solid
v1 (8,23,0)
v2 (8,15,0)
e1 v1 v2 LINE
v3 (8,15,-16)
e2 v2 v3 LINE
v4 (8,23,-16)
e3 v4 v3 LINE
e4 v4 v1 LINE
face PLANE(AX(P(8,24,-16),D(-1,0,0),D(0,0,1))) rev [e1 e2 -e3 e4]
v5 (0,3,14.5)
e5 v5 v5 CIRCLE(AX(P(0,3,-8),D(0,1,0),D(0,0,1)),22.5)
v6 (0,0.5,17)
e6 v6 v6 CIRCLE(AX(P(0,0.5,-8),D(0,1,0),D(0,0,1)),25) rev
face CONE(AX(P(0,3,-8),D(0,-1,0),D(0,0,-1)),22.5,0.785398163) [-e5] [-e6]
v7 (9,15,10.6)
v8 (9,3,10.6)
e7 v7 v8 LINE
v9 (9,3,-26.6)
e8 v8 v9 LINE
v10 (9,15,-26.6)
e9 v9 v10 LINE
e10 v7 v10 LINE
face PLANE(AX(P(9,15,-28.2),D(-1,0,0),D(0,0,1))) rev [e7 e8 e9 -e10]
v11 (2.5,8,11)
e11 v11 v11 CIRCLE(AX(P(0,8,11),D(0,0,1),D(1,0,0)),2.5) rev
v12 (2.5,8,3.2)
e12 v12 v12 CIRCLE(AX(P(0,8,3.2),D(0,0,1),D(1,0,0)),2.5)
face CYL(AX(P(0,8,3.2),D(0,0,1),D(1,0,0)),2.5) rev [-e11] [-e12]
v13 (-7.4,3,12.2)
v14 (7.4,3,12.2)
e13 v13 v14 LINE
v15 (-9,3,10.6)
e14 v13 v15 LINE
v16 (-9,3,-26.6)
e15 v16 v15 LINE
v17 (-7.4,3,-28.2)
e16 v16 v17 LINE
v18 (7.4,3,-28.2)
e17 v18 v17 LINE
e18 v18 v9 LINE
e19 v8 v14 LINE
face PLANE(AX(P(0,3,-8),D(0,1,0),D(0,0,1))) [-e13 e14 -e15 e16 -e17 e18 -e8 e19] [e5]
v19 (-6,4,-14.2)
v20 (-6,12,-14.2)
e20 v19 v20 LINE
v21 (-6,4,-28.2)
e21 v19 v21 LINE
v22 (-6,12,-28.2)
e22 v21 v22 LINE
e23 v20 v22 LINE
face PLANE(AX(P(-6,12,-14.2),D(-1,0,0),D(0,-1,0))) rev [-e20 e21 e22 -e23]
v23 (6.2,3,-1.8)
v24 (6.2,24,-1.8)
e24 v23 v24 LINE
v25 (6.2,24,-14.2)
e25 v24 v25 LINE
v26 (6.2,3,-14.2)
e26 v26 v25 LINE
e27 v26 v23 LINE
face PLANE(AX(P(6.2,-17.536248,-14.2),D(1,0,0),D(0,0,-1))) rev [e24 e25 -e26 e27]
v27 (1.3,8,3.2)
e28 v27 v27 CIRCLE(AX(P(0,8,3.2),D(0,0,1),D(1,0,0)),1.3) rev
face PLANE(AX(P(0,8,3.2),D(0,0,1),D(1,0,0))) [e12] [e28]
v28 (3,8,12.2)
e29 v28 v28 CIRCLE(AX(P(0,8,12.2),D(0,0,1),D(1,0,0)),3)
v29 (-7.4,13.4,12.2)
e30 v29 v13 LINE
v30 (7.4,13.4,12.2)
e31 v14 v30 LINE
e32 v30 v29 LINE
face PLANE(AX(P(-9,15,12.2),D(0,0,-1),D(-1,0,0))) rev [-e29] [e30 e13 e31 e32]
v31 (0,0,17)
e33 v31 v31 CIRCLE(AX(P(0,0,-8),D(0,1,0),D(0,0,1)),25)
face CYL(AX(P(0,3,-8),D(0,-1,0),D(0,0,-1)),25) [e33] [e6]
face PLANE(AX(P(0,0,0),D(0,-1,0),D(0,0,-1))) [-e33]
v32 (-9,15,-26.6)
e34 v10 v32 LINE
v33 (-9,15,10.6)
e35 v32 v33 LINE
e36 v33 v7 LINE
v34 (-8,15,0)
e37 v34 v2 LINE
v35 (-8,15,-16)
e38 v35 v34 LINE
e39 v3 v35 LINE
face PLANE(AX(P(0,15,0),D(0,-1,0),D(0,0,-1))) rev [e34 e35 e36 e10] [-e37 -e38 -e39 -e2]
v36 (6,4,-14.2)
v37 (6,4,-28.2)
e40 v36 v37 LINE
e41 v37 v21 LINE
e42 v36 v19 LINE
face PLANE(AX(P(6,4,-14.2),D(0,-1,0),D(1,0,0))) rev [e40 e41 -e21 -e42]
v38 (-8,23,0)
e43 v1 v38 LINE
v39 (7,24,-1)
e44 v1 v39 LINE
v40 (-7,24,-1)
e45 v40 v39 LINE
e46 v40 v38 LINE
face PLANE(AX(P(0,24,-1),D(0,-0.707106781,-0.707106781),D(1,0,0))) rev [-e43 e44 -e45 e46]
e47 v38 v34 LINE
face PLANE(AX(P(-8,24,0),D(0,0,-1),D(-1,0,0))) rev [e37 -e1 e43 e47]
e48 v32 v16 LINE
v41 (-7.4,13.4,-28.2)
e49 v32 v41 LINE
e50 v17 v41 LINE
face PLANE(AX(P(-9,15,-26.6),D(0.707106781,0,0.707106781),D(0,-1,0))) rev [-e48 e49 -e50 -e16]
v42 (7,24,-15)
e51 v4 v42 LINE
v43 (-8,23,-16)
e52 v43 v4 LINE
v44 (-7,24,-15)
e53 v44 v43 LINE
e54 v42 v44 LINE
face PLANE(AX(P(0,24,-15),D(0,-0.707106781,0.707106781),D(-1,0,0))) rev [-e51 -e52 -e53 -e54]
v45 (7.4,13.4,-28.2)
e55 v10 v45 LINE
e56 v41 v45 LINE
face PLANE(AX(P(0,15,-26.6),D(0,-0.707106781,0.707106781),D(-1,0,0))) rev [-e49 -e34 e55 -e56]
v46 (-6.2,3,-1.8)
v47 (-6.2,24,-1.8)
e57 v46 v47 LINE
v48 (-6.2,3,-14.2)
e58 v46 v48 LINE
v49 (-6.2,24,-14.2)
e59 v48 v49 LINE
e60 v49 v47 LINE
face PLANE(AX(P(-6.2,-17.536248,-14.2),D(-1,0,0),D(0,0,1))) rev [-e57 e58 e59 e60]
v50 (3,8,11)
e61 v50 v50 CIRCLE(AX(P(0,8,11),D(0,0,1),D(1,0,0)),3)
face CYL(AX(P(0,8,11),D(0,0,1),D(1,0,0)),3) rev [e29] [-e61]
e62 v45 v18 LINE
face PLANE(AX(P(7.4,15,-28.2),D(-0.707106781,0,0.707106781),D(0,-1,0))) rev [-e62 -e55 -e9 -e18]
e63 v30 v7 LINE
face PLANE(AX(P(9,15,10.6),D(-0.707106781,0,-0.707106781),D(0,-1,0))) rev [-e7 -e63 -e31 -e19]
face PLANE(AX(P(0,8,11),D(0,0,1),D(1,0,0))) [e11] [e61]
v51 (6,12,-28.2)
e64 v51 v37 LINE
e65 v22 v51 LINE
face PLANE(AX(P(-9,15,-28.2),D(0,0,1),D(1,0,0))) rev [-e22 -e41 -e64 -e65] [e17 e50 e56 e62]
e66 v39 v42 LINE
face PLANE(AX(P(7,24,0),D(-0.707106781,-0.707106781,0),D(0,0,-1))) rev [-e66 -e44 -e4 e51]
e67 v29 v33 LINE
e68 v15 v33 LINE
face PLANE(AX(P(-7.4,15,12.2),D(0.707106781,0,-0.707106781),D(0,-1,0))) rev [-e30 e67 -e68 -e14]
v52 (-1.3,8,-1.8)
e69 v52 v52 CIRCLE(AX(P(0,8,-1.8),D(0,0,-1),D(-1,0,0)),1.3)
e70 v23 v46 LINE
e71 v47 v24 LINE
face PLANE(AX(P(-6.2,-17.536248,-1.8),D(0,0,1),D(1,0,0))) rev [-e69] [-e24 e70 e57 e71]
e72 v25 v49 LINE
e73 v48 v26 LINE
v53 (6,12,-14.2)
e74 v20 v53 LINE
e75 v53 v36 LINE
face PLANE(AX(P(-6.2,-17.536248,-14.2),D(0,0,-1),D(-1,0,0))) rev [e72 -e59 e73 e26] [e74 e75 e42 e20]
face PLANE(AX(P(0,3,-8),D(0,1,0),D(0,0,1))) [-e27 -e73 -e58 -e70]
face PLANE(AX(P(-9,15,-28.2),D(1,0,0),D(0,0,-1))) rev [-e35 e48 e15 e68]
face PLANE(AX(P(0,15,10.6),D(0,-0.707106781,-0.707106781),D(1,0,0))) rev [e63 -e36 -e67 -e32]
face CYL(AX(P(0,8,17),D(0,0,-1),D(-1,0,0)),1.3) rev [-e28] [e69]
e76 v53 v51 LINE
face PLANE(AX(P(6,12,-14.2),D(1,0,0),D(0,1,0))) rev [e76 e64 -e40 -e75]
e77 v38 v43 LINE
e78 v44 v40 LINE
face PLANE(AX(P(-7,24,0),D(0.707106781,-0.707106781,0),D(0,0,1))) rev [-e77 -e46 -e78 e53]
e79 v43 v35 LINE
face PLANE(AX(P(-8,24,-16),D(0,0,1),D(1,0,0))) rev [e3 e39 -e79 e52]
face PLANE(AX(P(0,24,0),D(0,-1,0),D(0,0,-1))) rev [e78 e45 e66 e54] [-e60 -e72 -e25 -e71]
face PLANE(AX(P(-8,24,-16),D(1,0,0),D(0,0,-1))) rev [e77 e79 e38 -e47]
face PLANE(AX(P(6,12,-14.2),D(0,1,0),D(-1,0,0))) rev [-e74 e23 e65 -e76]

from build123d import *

# Parameters (mm, degrees)
SKETCH1_W           = 16
SKETCH1_H           = 16
BOSS_EXTRUDE1_DEPTH = 24
SKETCH12_W          = 12.4
SKETCH12_H          = 12.4
CUT_EXTRUDE6_DEPTH  = 22
SKETCH13_R          = 25
BOSS_EXTRUDE2_DEPTH = 3
CHAMFER1_SIZE       = 2.5
SKETCH14_W          = 18
SKETCH14_H          = 40.4
SKETCH14_W_2        = 16
SKETCH14_H_2        = 16
BOSS_EXTRUDE3_DEPTH = 12
CHAMFER2_SIZE       = 1.6
CHAMFER5_SIZE       = 1
SKETCH16_W          = 12
SKETCH16_H          = 8
CUT_EXTRUDE8_DEPTH  = 14
SKETCH15_R          = 1.3
CUT_EXTRUDE7_DEPTH  = 19.8
SKETCH17_R          = 2.5
CUT_EXTRUDE9_DEPTH  = 9
SKETCH19_R          = 3
CUT_EXTRUDE10_DEPTH = 1.2


with BuildPart() as part:
    # Sketch1 → Boss-Extrude1 (new body)
    with BuildSketch(Plane(origin=(0, 0, 0), x_dir=(1, 0, 0), z_dir=(0, 1, 0))):
        with Locations((0, 8)):
            Rectangle(SKETCH1_W, SKETCH1_H)
    extrude(amount=BOSS_EXTRUDE1_DEPTH)

    # Sketch12 → Cut-Extrude6 (cut)
    with BuildSketch(Plane(origin=(0, 24, 0), x_dir=(1, 0, 0), z_dir=(0, 1, 0))):
        with Locations((0, 8)):
            Rectangle(SKETCH12_W, SKETCH12_H)
    extrude(amount=-CUT_EXTRUDE6_DEPTH, mode=Mode.SUBTRACT)

    # Sketch13 → Boss-Extrude2 (add)
    with BuildSketch(Plane(origin=(0, 0, 0), x_dir=(1, 0, 0), z_dir=(0, 1, 0))):
        with Locations((0, 8)):
            Circle(SKETCH13_R)
    extrude(amount=BOSS_EXTRUDE2_DEPTH)

    # Chamfer1
    chamfer1_edges = [part.edges().sort_by_distance(p)[0] for p in [
        (-25, 3, -8),
    ]]
    chamfer(chamfer1_edges, length=CHAMFER1_SIZE)

    # Sketch14 → Boss-Extrude3 (add)
    with BuildSketch(Plane(origin=(0, 3, 0), x_dir=(1, 0, 0), z_dir=(0, 1, 0))):
        with Locations((0, 8)):
            Rectangle(SKETCH14_W, SKETCH14_H)
        with Locations((0, 8)):
            Rectangle(SKETCH14_W_2, SKETCH14_H_2, mode=Mode.SUBTRACT)
    extrude(amount=BOSS_EXTRUDE3_DEPTH)

    # Chamfer2
    chamfer2_edges = [part.edges().sort_by_distance(p)[0] for p in [
        (0, 15, 12.2),
        (0, 15, -28.2),
        (-9, 9, 12.2),
        (9, 9, 12.2),
        (9, 9, -28.2),
        (-9, 9, -28.2),
    ]]
    chamfer(chamfer2_edges, length=CHAMFER2_SIZE)

    # Chamfer5
    chamfer5_edges = [part.edges().sort_by_distance(p)[0] for p in [
        (0, 24, -16),
        (-8, 24, -8),
        (0, 24, 0),
        (8, 24, -8),
    ]]
    chamfer(chamfer5_edges, length=CHAMFER5_SIZE)

    # Sketch16 → Cut-Extrude8 (cut)
    with BuildSketch(Plane(origin=(0, 0, -28.2), x_dir=(-1, 0, 0), z_dir=(0, 0, -1))):
        with Locations((0, 8)):
            Rectangle(SKETCH16_W, SKETCH16_H)
    extrude(amount=-CUT_EXTRUDE8_DEPTH, mode=Mode.SUBTRACT)

    # Sketch15 → Cut-Extrude7 (cut, through all)
    with BuildSketch(Plane(origin=(0, 0, -1.8), x_dir=(-1, 0, 0), z_dir=(0, 0, -1))):
        with Locations((0, 8)):
            Circle(SKETCH15_R)
    extrude(amount=-CUT_EXTRUDE7_DEPTH, mode=Mode.SUBTRACT)

    # Sketch17 → Cut-Extrude9 (cut)
    with BuildSketch(Plane.XY.offset(12.2)):
        with Locations((0, 8)):
            Circle(SKETCH17_R)
    extrude(amount=-CUT_EXTRUDE9_DEPTH, mode=Mode.SUBTRACT)

    # Sketch19 → Cut-Extrude10 (cut)
    with BuildSketch(Plane.XY.offset(12.2)):
        with Locations((0, 8)):
            Circle(SKETCH19_R)
    extrude(amount=-CUT_EXTRUDE10_DEPTH, mode=Mode.SUBTRACT)


solid = part.part
